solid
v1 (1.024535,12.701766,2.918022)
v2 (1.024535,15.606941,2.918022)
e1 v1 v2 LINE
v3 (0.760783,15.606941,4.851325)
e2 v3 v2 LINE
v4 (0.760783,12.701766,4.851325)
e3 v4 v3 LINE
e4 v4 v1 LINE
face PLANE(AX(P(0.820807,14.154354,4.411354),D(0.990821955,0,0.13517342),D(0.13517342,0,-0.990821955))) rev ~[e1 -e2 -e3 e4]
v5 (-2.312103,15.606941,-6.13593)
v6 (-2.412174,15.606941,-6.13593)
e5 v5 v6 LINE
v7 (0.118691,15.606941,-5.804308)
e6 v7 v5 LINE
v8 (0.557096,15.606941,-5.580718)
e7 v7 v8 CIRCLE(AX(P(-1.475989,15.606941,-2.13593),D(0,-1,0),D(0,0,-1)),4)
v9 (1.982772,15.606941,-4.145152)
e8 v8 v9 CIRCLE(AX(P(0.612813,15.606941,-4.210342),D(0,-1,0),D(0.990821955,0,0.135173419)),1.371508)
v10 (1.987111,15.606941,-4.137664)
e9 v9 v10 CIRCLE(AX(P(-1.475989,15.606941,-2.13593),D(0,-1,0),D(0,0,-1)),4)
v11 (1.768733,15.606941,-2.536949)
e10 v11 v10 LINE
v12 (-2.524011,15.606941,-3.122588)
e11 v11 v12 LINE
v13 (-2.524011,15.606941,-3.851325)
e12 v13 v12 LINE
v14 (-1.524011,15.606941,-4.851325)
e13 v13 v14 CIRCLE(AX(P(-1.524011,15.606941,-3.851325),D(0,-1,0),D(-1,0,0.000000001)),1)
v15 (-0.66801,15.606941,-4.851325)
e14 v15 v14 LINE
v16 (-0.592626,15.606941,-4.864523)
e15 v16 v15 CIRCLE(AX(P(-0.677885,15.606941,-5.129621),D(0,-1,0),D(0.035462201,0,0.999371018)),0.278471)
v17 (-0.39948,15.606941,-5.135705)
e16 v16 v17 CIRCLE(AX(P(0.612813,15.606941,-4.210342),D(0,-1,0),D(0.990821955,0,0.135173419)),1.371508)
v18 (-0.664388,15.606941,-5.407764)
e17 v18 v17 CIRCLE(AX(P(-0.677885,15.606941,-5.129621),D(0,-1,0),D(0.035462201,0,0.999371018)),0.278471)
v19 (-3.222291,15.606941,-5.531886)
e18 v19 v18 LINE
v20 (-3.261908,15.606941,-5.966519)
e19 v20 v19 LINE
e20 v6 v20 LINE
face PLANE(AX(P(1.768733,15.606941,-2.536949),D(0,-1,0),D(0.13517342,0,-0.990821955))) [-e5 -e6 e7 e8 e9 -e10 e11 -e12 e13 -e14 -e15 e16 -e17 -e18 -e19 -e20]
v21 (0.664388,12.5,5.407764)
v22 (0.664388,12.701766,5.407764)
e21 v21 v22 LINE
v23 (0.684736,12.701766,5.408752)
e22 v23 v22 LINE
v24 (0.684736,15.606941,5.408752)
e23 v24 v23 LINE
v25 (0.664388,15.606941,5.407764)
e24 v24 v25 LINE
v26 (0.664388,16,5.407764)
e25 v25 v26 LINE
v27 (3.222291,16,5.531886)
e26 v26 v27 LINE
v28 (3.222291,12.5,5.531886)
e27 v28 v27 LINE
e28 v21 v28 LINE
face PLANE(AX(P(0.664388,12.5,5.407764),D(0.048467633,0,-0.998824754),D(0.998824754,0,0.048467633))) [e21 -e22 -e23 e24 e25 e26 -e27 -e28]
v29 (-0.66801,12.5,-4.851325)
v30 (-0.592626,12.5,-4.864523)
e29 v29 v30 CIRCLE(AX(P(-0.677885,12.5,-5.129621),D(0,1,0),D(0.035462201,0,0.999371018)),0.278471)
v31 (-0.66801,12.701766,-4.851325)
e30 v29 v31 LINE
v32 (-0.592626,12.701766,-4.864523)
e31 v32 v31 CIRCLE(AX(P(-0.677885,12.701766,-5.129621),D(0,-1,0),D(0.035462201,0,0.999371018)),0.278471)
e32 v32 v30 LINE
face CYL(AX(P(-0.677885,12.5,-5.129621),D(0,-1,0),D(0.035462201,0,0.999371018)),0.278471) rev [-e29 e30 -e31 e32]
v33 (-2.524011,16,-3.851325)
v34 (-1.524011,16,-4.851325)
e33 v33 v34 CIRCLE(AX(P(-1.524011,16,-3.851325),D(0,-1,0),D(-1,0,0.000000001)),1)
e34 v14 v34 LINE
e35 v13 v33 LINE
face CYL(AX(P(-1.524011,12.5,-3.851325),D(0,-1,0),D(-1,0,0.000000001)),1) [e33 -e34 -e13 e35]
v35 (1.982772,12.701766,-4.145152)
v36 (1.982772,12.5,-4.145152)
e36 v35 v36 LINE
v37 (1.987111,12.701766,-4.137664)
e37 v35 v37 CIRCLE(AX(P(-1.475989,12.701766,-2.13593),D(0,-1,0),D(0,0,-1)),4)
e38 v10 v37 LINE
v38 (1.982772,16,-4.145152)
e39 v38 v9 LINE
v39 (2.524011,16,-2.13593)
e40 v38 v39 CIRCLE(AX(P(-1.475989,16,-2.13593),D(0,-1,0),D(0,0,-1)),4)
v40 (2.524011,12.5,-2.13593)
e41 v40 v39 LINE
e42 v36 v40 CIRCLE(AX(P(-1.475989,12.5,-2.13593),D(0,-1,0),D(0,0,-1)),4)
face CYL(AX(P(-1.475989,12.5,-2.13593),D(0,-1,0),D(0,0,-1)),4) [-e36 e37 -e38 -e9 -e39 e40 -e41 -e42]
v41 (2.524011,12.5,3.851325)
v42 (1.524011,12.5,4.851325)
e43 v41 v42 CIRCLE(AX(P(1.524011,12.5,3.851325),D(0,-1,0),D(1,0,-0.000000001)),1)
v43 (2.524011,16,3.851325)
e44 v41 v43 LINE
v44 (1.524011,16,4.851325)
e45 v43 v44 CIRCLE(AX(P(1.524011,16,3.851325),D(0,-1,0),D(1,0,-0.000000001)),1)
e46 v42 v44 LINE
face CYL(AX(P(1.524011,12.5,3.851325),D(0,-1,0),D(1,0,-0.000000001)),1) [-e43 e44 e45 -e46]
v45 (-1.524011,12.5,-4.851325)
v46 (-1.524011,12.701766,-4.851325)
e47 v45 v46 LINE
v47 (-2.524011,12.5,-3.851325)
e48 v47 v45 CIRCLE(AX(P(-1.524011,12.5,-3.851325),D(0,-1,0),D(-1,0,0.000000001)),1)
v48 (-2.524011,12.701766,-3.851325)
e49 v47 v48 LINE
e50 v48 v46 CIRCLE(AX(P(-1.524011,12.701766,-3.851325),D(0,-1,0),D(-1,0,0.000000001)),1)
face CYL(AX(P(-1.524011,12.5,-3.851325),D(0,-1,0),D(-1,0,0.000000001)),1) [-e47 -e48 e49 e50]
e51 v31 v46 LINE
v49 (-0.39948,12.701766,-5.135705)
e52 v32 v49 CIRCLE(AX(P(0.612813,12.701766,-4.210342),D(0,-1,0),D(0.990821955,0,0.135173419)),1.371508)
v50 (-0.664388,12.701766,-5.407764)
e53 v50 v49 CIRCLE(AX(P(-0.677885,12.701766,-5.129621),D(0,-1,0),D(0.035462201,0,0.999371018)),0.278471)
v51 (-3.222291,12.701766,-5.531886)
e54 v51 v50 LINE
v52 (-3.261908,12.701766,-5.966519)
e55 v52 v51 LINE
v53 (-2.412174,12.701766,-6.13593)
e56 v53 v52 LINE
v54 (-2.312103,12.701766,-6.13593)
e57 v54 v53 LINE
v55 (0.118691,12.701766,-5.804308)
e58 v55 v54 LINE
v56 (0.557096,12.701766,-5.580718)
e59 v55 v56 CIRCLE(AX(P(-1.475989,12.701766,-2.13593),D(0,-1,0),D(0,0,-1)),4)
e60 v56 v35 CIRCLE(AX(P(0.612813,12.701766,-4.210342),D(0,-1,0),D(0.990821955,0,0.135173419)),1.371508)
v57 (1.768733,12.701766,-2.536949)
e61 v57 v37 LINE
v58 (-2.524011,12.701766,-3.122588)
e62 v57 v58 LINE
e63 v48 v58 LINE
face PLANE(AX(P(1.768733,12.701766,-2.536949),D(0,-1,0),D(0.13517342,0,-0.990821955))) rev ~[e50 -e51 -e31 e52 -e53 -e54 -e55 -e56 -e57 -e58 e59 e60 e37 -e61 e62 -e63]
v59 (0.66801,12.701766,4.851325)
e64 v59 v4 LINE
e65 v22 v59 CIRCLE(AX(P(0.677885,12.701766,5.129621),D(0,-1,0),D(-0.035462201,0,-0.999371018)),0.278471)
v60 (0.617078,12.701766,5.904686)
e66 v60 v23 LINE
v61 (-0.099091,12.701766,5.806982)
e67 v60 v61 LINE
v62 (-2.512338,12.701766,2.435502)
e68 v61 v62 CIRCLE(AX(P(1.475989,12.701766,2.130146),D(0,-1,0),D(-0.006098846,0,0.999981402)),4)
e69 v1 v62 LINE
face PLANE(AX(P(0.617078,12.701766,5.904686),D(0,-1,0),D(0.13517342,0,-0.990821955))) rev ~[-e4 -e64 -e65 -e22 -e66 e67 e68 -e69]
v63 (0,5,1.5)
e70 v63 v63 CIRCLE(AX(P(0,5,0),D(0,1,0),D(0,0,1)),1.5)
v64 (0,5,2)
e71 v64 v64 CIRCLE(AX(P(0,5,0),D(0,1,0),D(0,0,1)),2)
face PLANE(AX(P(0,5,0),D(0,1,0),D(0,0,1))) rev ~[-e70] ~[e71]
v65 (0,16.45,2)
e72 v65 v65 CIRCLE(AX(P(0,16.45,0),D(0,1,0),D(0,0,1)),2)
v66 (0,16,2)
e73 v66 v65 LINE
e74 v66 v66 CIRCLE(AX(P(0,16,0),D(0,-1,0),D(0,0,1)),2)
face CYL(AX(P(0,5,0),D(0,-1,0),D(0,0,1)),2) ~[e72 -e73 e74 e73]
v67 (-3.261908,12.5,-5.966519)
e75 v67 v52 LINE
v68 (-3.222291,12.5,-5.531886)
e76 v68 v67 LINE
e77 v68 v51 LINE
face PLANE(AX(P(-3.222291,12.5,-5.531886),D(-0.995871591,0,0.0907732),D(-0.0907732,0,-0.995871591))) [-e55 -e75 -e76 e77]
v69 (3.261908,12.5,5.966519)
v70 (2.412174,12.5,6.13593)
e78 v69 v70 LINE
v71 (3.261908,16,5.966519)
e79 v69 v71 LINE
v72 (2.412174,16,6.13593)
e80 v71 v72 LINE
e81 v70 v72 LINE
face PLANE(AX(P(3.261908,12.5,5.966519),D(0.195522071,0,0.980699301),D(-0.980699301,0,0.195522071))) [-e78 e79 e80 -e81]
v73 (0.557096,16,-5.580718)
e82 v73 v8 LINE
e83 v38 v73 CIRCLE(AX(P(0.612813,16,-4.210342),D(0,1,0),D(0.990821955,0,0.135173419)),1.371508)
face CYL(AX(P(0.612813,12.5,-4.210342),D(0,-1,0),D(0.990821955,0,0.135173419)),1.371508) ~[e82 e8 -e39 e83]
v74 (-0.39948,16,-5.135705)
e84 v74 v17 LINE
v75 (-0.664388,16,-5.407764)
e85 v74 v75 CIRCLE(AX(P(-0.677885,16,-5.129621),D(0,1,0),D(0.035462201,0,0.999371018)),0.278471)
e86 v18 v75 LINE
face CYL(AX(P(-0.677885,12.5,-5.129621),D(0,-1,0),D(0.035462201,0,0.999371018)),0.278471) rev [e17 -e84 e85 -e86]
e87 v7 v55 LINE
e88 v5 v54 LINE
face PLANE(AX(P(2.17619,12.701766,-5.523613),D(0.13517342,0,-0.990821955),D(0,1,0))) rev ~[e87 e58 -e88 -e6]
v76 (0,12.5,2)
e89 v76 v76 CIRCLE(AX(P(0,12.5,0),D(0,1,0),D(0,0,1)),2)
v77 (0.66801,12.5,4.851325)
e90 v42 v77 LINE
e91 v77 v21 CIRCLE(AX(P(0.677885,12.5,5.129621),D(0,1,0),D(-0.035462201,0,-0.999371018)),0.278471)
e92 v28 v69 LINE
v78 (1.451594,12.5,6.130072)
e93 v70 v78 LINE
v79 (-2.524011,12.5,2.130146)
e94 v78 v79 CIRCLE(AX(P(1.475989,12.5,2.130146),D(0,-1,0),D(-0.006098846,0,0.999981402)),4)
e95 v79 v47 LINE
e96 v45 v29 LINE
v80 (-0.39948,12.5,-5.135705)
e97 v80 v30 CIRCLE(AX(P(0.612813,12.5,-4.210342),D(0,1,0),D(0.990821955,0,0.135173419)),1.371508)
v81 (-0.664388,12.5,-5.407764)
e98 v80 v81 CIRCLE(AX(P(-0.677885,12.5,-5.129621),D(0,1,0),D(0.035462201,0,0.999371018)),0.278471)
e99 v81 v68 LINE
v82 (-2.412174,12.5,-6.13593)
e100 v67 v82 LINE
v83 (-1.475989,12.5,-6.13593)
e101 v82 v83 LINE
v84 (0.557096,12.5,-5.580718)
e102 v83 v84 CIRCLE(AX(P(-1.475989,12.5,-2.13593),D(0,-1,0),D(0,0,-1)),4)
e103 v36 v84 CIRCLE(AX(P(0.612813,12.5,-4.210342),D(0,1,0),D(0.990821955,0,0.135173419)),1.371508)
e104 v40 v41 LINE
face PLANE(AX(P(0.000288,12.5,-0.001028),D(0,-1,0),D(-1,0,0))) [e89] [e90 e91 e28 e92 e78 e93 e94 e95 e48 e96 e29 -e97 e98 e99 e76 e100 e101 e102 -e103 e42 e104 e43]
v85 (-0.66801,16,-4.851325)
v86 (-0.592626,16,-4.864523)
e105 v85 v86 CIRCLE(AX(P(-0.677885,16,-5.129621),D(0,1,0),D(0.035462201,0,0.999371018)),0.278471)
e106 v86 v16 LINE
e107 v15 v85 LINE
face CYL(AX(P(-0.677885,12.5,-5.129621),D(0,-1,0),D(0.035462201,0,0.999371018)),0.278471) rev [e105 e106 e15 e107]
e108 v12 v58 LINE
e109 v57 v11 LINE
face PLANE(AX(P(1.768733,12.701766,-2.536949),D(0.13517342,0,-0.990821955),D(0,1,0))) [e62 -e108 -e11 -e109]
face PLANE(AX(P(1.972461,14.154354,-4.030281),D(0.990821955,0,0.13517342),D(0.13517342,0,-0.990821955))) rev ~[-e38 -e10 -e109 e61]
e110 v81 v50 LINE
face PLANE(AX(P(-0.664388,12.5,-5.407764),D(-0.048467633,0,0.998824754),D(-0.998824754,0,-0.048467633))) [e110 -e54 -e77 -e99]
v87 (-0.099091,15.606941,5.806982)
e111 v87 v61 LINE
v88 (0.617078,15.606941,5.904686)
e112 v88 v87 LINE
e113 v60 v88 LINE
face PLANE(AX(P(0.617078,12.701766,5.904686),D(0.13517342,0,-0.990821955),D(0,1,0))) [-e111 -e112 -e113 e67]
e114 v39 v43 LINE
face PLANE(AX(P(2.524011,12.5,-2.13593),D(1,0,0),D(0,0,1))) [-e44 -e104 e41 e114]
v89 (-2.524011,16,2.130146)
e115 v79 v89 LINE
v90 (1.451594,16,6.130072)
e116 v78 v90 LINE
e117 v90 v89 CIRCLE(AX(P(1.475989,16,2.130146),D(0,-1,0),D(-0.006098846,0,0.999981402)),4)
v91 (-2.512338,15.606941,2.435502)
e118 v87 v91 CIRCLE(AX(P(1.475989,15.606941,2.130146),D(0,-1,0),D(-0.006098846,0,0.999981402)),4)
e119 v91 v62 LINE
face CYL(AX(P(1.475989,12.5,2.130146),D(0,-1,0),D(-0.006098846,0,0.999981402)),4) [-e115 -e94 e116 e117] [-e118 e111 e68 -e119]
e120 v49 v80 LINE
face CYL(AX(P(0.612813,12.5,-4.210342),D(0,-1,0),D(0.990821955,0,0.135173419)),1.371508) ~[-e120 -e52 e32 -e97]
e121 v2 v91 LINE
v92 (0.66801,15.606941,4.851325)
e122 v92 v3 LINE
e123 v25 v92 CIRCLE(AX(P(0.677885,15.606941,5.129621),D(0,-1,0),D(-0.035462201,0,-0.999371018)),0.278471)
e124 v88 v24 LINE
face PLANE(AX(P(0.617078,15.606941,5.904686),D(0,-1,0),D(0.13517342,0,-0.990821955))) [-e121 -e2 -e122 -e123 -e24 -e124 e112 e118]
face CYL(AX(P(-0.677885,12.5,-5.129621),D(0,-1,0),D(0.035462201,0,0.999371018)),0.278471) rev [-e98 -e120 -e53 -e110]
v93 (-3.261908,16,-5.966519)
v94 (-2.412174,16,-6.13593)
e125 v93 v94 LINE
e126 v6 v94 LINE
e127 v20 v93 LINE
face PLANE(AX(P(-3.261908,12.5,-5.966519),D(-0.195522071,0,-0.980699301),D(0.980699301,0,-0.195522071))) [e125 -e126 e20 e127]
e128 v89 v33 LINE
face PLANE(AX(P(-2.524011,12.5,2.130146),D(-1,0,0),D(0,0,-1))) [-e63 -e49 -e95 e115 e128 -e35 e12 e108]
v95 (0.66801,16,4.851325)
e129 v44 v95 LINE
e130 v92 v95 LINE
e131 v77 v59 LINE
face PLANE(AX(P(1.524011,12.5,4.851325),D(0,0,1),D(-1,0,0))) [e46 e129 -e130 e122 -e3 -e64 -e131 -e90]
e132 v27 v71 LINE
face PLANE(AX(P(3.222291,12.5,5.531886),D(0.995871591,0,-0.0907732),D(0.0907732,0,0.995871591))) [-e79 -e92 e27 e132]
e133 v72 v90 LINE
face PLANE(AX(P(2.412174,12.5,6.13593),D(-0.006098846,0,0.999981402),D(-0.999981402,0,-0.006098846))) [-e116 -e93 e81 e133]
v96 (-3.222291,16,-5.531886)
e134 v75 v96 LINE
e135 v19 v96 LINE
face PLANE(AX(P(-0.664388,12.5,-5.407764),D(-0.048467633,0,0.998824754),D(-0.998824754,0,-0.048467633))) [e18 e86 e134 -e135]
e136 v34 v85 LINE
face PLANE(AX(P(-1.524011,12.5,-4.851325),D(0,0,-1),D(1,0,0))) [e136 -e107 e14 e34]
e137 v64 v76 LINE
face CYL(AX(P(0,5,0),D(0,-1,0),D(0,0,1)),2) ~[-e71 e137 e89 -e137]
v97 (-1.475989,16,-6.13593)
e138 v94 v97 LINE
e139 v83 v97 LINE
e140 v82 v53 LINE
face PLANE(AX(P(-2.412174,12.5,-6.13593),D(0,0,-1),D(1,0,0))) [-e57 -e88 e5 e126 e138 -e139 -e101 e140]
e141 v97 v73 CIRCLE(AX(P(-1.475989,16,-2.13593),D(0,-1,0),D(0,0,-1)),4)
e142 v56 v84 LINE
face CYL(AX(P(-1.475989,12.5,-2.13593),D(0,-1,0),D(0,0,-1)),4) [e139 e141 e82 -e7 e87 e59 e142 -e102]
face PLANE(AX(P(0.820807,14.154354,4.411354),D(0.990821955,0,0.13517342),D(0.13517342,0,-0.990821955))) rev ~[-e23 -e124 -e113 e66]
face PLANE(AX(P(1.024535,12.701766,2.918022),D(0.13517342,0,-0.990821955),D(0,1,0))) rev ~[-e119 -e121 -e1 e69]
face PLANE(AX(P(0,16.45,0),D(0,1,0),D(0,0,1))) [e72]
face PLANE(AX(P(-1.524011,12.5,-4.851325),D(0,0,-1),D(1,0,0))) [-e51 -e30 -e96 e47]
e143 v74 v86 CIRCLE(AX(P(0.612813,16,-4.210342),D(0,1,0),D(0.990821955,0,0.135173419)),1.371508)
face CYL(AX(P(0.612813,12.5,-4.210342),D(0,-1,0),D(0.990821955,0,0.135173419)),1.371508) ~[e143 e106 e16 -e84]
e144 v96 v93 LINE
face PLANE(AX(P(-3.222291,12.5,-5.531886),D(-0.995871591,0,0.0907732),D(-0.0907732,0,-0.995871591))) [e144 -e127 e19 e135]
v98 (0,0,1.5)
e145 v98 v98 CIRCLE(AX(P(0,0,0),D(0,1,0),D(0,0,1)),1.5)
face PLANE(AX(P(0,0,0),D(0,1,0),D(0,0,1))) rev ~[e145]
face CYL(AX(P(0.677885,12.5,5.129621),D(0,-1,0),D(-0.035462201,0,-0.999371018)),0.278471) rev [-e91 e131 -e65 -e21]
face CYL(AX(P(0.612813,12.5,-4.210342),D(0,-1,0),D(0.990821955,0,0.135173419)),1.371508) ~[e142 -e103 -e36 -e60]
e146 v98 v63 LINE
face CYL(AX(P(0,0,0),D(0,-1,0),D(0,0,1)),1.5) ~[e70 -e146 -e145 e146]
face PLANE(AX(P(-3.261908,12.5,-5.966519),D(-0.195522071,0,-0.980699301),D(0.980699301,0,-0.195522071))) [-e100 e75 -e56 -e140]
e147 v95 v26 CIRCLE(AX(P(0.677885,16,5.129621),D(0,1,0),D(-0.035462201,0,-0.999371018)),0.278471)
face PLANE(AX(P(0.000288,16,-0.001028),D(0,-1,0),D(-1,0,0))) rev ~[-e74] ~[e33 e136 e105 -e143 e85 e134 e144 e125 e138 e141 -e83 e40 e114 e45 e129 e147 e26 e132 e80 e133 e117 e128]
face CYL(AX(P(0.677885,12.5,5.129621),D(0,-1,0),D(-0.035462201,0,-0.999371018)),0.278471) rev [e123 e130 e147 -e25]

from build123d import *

# Parameters (mm, degrees)
SKETCH1_R           = 1.5
BOSS_EXTRUDE1_DEPTH = 5
SKETCH2_R           = 2
BOSS_EXTRUDE2_DEPTH = 11.45
BOSS_EXTRUDE6_DEPTH = 3.5
SKETCH4_R           = 0.5
BOSS_EXTRUDE5_DEPTH = 3.5
SKETCH5_W           = 3.014329637
SKETCH5_H           = 2.905175639
CUT_EXTRUDE1_DEPTH  = 19.229884569


with BuildPart() as part:
    # Sketch1 → Boss-Extrude1 (new body)
    with BuildSketch(Plane(origin=(0, 0, 0), x_dir=(1, 0, 0), z_dir=(0, 1, 0))):
        with Locations(Location((0, 0, 0), (0, 0, 270))):
            Circle(SKETCH1_R)
    extrude(amount=BOSS_EXTRUDE1_DEPTH)

    # Sketch2 → Boss-Extrude2 (add)
    with BuildSketch(Plane(origin=(0, 5, 0), x_dir=(1, 0, 0), z_dir=(0, 1, 0))):
        with Locations(Location((0, 0, 0), (0, 0, 270))):
            Circle(SKETCH2_R)
    extrude(amount=BOSS_EXTRUDE2_DEPTH)

    # Sketch6 → Boss-Extrude6 (add)
    with BuildSketch(Plane(origin=(0, 12.5, 0), x_dir=(1, 0, 0), z_dir=(0, 1, 0))):
        with BuildLine():
            Line((-2.524010645, -2.130146075), (-2.524010645, 3.851325134))
            ThreePointArc((-2.524010645, 3.851325134), (-2.231117427, 4.558431915), (-1.524010645, 4.851325134))
            Line((-1.524010645, 4.851325134), (-0.668009538, 4.851325134))
            ThreePointArc((-0.668009538, 4.851325134), (-0.399419742, 5.127808451), (-0.664387903, 5.407764478))
            Line((-0.664387903, 5.407764478), (-3.222291114, 5.531885865))
            Line((-3.222291114, 5.531885865), (-3.261907681, 5.966518704))
            Line((-3.261907681, 5.966518704), (-2.412173665, 6.135930219))
            Line((-2.412173665, 6.135930219), (-1.475989355, 6.135930219))
            ThreePointArc((-1.475989355, 6.135930219), (1.35243777, 4.964357344), (2.524010645, 2.135930219))
            Line((2.524010645, 2.135930219), (2.524010645, -3.851325134))
            ThreePointArc((2.524010645, -3.851325134), (2.231117427, -4.558431915), (1.524010645, -4.851325134))
            Line((1.524010645, -4.851325134), (0.668009538, -4.851325134))
            ThreePointArc((0.668009538, -4.851325134), (0.399419742, -5.127808451), (0.664387903, -5.407764478))
            Line((0.664387903, -5.407764478), (3.222291114, -5.531885865))
            Line((3.222291114, -5.531885865), (3.261907681, -5.966518704))
            Line((3.261907681, -5.966518704), (2.412173665, -6.135930219))
            Line((2.412173665, -6.135930219), (1.451593971, -6.130071682))
            ThreePointArc((1.451593971, -6.130071682), (-1.36104973, -4.949934938), (-2.524010645, -2.130146075))
        make_face()
    extrude(amount=BOSS_EXTRUDE6_DEPTH)

    # Sketch4 → Boss-Extrude5 (add)
    with BuildSketch(Plane(origin=(0, 12.5, 0), x_dir=(1, 0, 0), z_dir=(0, 1, 0))):
        with BuildLine():
            Line((0.882439523, -3.95958443), (1.971734047, 4.024950767))
            ThreePointArc((1.971734047, 4.024950767), (0.798204873, 5.569262908), (-0.746107269, 4.395733735))
            Line((-0.746107269, 4.395733735), (-1.835401792, -3.588801462))
            ThreePointArc((-1.835401792, -3.588801462), (-0.661872619, -5.133113604), (0.882439523, -3.95958443))
        make_face()
        with Locations((-0.476481135, -3.774192946)):
            Circle(SKETCH4_R, mode=Mode.SUBTRACT)
        with Locations((0.612813389, 4.210342251)):
            Circle(SKETCH4_R, mode=Mode.SUBTRACT)
    extrude(amount=BOSS_EXTRUDE5_DEPTH)

    # Sketch5 → Cut-Extrude1 (cut, through all)
    with BuildSketch(Plane(origin=(1.396633916, 0, 0.190536536), x_dir=(0.1351734199835011, 0, -0.9908219550100633), z_dir=(0.9908219550100633, 0, 0.1351734199835011))):
        with Locations((-4.25991475, 14.154353636)):
            Rectangle(SKETCH5_W, SKETCH5_H)
        with Locations((4.25991475, 14.154353636)):
            Rectangle(SKETCH5_W, SKETCH5_H)
    extrude(amount=-CUT_EXTRUDE1_DEPTH, mode=Mode.SUBTRACT)


solid = part.part
